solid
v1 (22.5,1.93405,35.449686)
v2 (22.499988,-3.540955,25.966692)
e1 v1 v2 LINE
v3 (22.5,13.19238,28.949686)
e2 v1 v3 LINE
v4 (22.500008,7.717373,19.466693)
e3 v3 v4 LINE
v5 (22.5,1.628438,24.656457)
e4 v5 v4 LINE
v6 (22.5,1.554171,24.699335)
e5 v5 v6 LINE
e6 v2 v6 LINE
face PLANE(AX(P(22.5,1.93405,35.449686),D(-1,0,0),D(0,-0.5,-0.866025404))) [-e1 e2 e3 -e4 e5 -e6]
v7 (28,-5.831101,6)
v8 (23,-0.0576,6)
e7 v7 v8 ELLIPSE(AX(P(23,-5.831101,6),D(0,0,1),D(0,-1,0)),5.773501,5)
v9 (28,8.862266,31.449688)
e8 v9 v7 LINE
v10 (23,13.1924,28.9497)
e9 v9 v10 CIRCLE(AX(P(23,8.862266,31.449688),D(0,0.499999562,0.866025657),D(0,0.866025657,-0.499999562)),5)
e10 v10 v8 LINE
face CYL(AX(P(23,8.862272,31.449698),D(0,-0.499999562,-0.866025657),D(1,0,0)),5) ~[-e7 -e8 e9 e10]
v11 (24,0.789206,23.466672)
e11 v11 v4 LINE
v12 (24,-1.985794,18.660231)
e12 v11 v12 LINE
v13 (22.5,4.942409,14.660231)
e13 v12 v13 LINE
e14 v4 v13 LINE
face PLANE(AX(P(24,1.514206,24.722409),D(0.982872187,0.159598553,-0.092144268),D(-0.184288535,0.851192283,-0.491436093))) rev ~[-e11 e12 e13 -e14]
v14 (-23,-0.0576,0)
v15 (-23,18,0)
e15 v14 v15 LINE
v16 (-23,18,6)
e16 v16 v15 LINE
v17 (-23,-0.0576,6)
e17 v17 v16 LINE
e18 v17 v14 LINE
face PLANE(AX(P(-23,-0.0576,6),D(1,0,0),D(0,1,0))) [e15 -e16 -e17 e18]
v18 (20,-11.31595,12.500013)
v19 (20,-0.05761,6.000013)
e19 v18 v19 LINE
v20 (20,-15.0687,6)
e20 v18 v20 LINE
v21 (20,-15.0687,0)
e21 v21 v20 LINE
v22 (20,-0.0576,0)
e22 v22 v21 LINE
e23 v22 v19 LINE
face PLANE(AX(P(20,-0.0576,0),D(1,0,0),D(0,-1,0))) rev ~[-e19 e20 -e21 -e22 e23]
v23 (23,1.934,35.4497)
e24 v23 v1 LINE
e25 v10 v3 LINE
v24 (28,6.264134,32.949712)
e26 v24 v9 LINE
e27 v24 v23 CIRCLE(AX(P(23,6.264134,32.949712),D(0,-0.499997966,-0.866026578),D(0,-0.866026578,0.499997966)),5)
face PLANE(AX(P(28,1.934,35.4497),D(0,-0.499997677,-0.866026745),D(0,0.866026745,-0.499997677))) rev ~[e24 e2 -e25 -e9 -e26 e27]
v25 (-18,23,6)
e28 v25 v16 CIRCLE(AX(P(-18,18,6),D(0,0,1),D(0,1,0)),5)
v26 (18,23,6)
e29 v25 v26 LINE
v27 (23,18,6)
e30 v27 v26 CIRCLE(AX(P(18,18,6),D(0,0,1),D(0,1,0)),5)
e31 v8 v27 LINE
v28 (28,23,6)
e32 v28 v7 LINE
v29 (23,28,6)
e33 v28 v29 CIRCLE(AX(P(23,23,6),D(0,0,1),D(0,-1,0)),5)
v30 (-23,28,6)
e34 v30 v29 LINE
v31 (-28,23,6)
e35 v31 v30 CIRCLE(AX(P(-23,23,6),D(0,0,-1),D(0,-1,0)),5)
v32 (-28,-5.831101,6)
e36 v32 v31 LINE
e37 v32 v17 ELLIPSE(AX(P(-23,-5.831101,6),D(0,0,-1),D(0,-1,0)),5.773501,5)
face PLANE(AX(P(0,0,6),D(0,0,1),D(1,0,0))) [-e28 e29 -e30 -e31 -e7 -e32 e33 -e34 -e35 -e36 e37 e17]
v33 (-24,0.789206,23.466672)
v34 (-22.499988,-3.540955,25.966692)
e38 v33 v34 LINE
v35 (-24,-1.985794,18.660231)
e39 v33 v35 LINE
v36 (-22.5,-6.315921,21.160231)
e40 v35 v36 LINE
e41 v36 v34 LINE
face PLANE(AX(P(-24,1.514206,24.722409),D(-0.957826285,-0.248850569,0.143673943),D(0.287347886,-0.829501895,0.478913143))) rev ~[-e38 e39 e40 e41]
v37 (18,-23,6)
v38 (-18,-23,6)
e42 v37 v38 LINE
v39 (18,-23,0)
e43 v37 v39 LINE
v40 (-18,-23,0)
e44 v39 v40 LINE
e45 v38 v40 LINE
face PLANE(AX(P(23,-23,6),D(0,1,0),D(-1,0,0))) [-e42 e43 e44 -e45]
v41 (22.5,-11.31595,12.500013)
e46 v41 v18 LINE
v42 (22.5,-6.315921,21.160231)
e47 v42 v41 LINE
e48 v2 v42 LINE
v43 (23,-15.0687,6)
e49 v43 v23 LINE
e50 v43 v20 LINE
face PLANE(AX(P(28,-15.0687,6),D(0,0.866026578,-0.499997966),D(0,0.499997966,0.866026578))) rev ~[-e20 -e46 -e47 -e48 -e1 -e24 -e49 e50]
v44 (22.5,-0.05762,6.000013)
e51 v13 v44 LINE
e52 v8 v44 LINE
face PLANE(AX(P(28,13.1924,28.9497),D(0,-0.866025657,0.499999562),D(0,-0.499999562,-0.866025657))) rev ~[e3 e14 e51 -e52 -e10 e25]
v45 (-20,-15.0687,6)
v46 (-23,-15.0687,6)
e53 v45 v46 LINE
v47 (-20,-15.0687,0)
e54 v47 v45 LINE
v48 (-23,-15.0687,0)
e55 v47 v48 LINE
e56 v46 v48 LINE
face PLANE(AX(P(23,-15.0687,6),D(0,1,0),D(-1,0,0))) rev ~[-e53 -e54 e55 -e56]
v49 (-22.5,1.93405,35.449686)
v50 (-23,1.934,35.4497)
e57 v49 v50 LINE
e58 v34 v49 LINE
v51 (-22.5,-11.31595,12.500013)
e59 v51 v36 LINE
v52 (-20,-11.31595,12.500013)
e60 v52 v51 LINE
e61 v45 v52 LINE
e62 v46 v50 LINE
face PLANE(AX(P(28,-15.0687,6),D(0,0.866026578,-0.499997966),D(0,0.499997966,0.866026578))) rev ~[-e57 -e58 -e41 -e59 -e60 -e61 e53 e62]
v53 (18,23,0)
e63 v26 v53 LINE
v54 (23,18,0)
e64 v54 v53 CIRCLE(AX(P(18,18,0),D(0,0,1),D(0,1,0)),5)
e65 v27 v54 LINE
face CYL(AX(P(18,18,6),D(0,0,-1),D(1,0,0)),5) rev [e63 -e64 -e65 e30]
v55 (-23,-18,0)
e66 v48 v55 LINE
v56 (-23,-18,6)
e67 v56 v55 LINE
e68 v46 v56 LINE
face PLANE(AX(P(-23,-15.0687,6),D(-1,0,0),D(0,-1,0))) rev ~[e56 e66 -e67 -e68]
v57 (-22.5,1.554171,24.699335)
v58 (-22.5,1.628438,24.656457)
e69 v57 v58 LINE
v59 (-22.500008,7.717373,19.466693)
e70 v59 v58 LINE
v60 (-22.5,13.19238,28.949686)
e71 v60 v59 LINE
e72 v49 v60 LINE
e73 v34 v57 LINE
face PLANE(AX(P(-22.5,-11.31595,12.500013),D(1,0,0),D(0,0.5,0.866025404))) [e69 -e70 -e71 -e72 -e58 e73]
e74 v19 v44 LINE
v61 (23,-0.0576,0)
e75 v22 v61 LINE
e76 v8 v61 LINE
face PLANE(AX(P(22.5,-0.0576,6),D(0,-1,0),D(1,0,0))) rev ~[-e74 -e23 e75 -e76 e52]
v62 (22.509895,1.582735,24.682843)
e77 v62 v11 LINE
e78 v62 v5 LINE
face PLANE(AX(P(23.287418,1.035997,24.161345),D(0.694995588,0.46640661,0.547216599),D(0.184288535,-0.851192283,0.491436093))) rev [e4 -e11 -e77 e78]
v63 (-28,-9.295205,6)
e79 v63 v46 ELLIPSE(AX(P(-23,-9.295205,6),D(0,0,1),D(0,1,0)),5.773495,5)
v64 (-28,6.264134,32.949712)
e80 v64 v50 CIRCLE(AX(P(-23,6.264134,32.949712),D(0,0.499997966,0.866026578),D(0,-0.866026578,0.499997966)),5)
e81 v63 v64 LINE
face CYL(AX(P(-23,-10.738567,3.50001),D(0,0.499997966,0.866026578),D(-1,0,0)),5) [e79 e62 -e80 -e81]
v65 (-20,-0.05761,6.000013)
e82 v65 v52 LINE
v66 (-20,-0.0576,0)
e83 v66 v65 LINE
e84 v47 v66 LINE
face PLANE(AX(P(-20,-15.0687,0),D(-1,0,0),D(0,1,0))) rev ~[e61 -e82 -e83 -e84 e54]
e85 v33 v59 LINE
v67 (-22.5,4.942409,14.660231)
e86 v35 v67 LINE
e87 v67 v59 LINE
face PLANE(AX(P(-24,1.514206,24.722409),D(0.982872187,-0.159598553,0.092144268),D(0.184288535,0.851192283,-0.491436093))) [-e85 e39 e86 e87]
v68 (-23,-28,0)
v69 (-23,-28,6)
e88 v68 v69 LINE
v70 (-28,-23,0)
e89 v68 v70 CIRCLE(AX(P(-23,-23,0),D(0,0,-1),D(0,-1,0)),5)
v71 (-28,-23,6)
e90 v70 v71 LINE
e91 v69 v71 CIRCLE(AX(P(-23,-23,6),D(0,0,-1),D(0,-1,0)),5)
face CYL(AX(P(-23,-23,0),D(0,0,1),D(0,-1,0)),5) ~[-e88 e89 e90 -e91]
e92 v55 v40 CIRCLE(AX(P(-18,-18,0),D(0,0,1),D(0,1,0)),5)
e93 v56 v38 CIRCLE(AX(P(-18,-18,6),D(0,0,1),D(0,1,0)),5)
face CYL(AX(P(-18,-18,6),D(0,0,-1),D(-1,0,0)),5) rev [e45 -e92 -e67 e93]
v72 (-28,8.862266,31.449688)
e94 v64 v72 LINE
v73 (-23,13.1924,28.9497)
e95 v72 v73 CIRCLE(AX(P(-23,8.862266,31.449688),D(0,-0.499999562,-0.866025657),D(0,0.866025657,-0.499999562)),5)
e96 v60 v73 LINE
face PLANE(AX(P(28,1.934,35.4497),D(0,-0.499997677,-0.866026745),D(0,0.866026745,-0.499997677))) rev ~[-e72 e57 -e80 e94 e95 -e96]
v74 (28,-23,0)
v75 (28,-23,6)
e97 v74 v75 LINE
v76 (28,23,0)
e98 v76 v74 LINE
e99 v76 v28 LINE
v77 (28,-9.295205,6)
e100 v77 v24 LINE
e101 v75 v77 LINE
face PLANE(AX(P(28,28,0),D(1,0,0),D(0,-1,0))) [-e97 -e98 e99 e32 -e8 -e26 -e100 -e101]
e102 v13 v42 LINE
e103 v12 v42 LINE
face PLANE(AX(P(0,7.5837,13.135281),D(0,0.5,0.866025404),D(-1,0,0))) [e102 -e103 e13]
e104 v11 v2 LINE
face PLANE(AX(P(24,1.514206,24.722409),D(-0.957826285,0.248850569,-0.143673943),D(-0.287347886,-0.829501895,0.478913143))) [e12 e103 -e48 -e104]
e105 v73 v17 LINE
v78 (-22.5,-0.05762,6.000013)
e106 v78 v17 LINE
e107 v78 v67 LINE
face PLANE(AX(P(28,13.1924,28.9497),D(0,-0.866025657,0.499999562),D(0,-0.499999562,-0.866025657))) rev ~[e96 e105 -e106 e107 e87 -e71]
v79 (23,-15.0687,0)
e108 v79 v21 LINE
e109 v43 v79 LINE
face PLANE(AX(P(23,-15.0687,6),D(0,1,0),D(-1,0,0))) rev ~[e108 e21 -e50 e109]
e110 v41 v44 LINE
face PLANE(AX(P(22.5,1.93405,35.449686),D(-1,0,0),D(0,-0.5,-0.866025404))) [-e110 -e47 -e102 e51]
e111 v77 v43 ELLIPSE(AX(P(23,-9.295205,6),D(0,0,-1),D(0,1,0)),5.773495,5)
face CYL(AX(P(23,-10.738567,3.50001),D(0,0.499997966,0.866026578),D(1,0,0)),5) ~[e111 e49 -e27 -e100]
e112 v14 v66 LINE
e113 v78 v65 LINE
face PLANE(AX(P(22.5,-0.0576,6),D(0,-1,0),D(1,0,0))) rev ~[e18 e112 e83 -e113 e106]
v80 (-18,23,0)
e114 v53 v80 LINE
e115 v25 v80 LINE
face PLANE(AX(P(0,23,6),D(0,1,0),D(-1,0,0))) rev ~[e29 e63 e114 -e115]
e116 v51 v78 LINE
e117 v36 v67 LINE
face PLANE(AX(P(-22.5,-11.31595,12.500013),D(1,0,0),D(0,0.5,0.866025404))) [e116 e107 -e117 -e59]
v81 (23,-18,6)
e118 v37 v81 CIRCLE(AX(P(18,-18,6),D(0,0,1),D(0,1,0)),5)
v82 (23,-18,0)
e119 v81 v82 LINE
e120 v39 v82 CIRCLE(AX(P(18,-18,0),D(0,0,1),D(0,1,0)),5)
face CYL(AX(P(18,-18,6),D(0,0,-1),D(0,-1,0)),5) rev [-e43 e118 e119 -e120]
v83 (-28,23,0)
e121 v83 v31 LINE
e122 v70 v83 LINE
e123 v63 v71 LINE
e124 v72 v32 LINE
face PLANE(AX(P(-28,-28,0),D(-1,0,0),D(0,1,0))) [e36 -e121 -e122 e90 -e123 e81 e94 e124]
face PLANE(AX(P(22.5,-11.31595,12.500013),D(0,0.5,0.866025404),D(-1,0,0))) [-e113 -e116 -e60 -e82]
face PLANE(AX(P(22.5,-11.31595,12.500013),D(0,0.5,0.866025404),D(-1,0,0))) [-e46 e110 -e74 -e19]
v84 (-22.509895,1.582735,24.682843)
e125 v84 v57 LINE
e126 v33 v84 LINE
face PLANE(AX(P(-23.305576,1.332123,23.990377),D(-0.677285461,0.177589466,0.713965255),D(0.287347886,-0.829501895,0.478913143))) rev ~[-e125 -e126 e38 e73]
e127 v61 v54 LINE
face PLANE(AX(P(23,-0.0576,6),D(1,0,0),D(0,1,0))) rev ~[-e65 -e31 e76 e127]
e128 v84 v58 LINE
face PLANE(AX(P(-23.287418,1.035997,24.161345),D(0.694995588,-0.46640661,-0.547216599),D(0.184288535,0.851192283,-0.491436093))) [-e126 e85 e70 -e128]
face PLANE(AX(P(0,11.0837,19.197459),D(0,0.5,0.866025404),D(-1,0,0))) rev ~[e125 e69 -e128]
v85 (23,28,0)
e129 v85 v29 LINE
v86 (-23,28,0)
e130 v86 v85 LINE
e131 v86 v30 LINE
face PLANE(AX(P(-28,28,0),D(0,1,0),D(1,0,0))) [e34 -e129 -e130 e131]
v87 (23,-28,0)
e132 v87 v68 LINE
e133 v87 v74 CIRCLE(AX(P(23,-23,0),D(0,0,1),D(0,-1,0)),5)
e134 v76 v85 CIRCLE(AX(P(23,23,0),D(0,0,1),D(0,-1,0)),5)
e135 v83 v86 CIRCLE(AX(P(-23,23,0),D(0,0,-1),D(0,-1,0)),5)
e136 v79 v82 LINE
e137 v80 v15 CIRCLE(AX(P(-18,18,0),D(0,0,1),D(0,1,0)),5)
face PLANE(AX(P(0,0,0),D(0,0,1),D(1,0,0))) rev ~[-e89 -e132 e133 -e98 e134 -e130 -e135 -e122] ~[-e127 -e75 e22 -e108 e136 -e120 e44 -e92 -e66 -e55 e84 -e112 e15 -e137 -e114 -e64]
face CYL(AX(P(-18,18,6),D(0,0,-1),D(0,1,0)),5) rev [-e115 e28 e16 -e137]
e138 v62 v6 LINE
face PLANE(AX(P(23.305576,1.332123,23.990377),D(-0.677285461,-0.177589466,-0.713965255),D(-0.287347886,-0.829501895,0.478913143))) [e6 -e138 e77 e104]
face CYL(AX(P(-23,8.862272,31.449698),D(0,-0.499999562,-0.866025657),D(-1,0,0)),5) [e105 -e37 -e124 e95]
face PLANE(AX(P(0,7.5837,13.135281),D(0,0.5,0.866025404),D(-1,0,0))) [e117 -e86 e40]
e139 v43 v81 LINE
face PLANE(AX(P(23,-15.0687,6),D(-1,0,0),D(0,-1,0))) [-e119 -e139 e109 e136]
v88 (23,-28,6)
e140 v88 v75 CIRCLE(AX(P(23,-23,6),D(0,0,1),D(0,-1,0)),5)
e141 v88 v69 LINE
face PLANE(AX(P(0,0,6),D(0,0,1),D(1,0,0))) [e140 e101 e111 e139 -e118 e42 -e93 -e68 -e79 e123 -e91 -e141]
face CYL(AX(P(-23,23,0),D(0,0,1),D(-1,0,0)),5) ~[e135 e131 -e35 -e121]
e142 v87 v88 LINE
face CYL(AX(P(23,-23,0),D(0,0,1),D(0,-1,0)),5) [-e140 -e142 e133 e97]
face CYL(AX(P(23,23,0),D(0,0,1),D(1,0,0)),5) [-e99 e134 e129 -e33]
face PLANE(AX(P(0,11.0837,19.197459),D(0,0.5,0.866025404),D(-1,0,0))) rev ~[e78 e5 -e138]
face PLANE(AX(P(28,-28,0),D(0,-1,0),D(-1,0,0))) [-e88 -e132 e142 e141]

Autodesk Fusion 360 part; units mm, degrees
sketch "Sketch1" plane through (0, 0, 0) normal (0, 0, 1) x (1, 0, 0)
  line L0 (28, -28) -> (-28, -28)
  line L1 (-28, -28) -> (-28, 28)
  line L2 (-28, 28) -> (28, 28)
  line L3 (28, 28) -> (28, -28)
  line L4 (28, -28) -> (-28, 28) construction
  line L5 (-28, -28) -> (28, 28) construction
  dimension "d1" = 56
  dimension "d2" = 56
extrude "Extrude1" add sketch "Sketch1" along normal blind 6
sketch "Sketch2" plane through (28, 0, 0) normal (1, 0, 0) x (0, 1, 0)
  line L0 (-28, 0) -> (28, 0)
  line L1 (28, 0) -> (28, 6)
  line L2 (28, 6) -> (-28, 6)
  line L3 (-28, 6) -> (-28, 0)
  line L4 (-15.0687, 6) -> (1.934, 35.4497)
  line L5 (1.934, 35.4497) -> (13.1924, 28.9497)
  line L6 (13.1924, 28.9497) -> (-0.0576, 6)
  line L7 (7.5632, 32.1997) -> (-7.5632, 6) construction
  line L8 (0, 19.0998) -> (0, 6) construction
  dimension "d5" = 60
  dimension "d6" = 26.5
  dimension "d13" = 13
extrude "Extrude2" add sketch "Sketch2" against normal up to surface (56 mm away) contours L2 L4 L5 L6
sketch "Sketch3" plane through (0, -13.8996, 8.025) normal (0, -0.866025, 0.5) x (1, 0, 0)
  line L0 (-28, 31.6673) -> (-28, -2.3382)
  line L1 (-28, -2.3382) -> (28, -2.3382)
  line L2 (28, -2.3382) -> (28, 31.6673)
  line L3 (28, 31.6673) -> (-28, 31.6673)
  line L4 (22.5, 31.6673) -> (22.5, 5.1673)
  line L5 (22.5, 5.1673) -> (0, 5.1673)
  line L6 (0, 5.1673) -> (-22.5, 5.1673)
  line L7 (-22.5, 5.1673) -> (-22.5, 31.6673)
  line L8 (0, -2.3382) -> (0, 5.1673) construction
  dimension "d9" = 45
  dimension "d10" = 26.5
extrude "Extrude3" cut sketch "Sketch3" against normal up to surface (13 mm away) contours L3 L4 L5 L6 L7
sketch "Sketch4" plane through (0, 15.8337, 27.4247) normal (0, 0.5, 0.866025) x (-1, 0, 0)
  line L0 (22.5, 16.0499) -> (22.5, 3.0499)
  line L1 (22.5, 3.0499) -> (28, 3.0499)
  line L2 (28, 3.0499) -> (28, 16.0499)
  line L3 (28, 16.0499) -> (22.5, 16.0499)
  line L4 (22.5, 11.0499) -> (24, 11.0499) construction
  line L5 (24, 11.0499) -> (22.5, 3.0499)
  line L6 (24, 11.0499) -> (22.5, 16.0499)
  line L7 (-24, 11.0499) -> (-22.5, 16.0499)
  line L8 (-24, 11.0499) -> (-22.5, 3.0499)
  line L9 (-22.5, 3.0499) -> (-22.5, 16.0499)
  line L10 (-22.5, 11.0499) -> (-24, 11.0499) construction
  line L11 (22.5, 9.5499) -> (-22.5, 9.5499) construction
  line L12 (22.5, 11.0499) -> (-22.5, 11.0499) construction
  point P0 (-22.5, 16.0499)
  point P1 (-22.5, 3.0499)
  dimension "d27" = 48
  dimension "d29" = 1.5
extrude "Extrude4" cut sketch "Sketch4" against normal up to surface (7 mm away) from surface at -9.5 contours L0 L5 L6 | L7 L8 L9
sketch "Sketch5" plane through (0, 0, 6) normal (0, 0, 1) x (-1, 0, 0)
  line L0 (28, -28) -> (28, 0.0576)
  line L1 (28, 0.0576) -> (22.5, 0.0576)
  line L2 (-28, 0.0576) -> (-28, -28)
  line L3 (-28, -28) -> (28, -28)
  line L4 (-23, 0.0576) -> (-23, -23)
  line L5 (-23, -23) -> (0, -23)
  line L6 (0, -23) -> (23, -23)
  line L7 (23, 0.0576) -> (23, -23)
  line L8 (0, 0) -> (0, -23) construction
  line L9 (-28, 15.0687) -> (28, 15.0687)
  line L10 (23, 0.0576) -> (23, 15.0687) construction
  line L11 (-23, 0.0576) -> (-23, 15.0687) construction
  line L12 (-23, 15.0687) -> (-23, 23)
  line L13 (-23, 23) -> (23, 23)
  line L14 (23, 15.0687) -> (23, 23)
  line L15 (-23, 23) -> (-23, 28) construction
  line L16 (28, 28) -> (-28, 28) construction
  line L17 (-23, -23) -> (-23, -28) construction
  line L18 (-23, -23) -> (-28, -23) construction
  line L19 (22.5, 0.0576) -> (-22.5, 0.0576)
  line L20 (-22.5, 0.0576) -> (-28, 0.0576)
  dimension "d24" = 5
extrude "Extrude5" cut sketch "Sketch5" against normal through all contours L1 L4 L5 L6 L7 L19 L20 | L9 L12 L13 L14
fillet "Fillet1" radius 5 8 edges at (28, 28, 3) (-28, 28, 3) (28, -28, 3) (-28, -28, 3) (23, 23, 3) (-23, 23, 3) (23, -23, 3) (-23, -23, 3)
fillet "Fillet2" radius 5 4 edges at (28, -6.5674, 20.7248) (28, 6.5674, 17.4748) (-28, -6.5674, 20.7248) (-28, 6.5674, 17.4748)
sketch "Sketch6" plane through (0, 0, 0) normal (0, 0, -1) x (1, 0, 0)
  arc A0 (-23, 28) -> (-28, 23) centre (-23, 23) ccw
  line L0 (-28, 23) -> (-28, -23)
  arc A1 (-28, -23) -> (-23, -28) centre (-23, -23) ccw
  line L1 (-23, -28) -> (23, -28)
  arc A2 (23, -28) -> (28, -23) centre (23, -23) ccw
  line L2 (28, -23) -> (28, 23)
  arc A3 (28, 23) -> (23, 28) centre (23, 23) ccw
  line L3 (23, 28) -> (-23, 28)
  line L4 (-23, -18) -> (-23, 0.0576)
  line L5 (-23, 0.0576) -> (23, 0.0576)
  line L6 (23, 0.0576) -> (23, -18)
  arc A4 (18, -23) -> (23, -18) centre (18, -18) ccw
  line L7 (18, -23) -> (-18, -23)
  arc A5 (-23, -18) -> (-18, -23) centre (-18, -18) ccw
  line L8 (23, 18) -> (23, 15.0687)
  line L9 (23, 15.0687) -> (-23, 15.0687)
  line L10 (-23, 15.0687) -> (-23, 18)
  arc A6 (-18, 23) -> (-23, 18) centre (-18, 18) ccw
  line L11 (-18, 23) -> (18, 23)
  arc A7 (23, 18) -> (18, 23) centre (18, 18) ccw
  line L12 (-23, 0.0576) -> (23, 0.0576)
  line L13 (23, 15.0687) -> (-23, 15.0687)
  line L14 (20, 0.0576) -> (20, 15.0687)
  line L15 (-20, 15.0687) -> (-20, 0.0576)
  line L16 (20, 7.5632) -> (0, 7.5632) construction
  line L17 (0, 7.5632) -> (0, 0) construction
  line L18 (0, 7.5632) -> (-20, 7.5632) construction
  dimension "d25" = 3
extrude "Extrude6" cut sketch "Sketch6" against normal through all contours L5 L9 L12 L13 L14 L15
chamfer "Chamfer1" distance 1.45 angle 45 4 edges at (23.25, 4.9783, 22.7224) (23.25, -0.6509, 25.9724) (-23.25, 4.9783, 22.7224) (-23.25, -0.6509, 25.9724)
